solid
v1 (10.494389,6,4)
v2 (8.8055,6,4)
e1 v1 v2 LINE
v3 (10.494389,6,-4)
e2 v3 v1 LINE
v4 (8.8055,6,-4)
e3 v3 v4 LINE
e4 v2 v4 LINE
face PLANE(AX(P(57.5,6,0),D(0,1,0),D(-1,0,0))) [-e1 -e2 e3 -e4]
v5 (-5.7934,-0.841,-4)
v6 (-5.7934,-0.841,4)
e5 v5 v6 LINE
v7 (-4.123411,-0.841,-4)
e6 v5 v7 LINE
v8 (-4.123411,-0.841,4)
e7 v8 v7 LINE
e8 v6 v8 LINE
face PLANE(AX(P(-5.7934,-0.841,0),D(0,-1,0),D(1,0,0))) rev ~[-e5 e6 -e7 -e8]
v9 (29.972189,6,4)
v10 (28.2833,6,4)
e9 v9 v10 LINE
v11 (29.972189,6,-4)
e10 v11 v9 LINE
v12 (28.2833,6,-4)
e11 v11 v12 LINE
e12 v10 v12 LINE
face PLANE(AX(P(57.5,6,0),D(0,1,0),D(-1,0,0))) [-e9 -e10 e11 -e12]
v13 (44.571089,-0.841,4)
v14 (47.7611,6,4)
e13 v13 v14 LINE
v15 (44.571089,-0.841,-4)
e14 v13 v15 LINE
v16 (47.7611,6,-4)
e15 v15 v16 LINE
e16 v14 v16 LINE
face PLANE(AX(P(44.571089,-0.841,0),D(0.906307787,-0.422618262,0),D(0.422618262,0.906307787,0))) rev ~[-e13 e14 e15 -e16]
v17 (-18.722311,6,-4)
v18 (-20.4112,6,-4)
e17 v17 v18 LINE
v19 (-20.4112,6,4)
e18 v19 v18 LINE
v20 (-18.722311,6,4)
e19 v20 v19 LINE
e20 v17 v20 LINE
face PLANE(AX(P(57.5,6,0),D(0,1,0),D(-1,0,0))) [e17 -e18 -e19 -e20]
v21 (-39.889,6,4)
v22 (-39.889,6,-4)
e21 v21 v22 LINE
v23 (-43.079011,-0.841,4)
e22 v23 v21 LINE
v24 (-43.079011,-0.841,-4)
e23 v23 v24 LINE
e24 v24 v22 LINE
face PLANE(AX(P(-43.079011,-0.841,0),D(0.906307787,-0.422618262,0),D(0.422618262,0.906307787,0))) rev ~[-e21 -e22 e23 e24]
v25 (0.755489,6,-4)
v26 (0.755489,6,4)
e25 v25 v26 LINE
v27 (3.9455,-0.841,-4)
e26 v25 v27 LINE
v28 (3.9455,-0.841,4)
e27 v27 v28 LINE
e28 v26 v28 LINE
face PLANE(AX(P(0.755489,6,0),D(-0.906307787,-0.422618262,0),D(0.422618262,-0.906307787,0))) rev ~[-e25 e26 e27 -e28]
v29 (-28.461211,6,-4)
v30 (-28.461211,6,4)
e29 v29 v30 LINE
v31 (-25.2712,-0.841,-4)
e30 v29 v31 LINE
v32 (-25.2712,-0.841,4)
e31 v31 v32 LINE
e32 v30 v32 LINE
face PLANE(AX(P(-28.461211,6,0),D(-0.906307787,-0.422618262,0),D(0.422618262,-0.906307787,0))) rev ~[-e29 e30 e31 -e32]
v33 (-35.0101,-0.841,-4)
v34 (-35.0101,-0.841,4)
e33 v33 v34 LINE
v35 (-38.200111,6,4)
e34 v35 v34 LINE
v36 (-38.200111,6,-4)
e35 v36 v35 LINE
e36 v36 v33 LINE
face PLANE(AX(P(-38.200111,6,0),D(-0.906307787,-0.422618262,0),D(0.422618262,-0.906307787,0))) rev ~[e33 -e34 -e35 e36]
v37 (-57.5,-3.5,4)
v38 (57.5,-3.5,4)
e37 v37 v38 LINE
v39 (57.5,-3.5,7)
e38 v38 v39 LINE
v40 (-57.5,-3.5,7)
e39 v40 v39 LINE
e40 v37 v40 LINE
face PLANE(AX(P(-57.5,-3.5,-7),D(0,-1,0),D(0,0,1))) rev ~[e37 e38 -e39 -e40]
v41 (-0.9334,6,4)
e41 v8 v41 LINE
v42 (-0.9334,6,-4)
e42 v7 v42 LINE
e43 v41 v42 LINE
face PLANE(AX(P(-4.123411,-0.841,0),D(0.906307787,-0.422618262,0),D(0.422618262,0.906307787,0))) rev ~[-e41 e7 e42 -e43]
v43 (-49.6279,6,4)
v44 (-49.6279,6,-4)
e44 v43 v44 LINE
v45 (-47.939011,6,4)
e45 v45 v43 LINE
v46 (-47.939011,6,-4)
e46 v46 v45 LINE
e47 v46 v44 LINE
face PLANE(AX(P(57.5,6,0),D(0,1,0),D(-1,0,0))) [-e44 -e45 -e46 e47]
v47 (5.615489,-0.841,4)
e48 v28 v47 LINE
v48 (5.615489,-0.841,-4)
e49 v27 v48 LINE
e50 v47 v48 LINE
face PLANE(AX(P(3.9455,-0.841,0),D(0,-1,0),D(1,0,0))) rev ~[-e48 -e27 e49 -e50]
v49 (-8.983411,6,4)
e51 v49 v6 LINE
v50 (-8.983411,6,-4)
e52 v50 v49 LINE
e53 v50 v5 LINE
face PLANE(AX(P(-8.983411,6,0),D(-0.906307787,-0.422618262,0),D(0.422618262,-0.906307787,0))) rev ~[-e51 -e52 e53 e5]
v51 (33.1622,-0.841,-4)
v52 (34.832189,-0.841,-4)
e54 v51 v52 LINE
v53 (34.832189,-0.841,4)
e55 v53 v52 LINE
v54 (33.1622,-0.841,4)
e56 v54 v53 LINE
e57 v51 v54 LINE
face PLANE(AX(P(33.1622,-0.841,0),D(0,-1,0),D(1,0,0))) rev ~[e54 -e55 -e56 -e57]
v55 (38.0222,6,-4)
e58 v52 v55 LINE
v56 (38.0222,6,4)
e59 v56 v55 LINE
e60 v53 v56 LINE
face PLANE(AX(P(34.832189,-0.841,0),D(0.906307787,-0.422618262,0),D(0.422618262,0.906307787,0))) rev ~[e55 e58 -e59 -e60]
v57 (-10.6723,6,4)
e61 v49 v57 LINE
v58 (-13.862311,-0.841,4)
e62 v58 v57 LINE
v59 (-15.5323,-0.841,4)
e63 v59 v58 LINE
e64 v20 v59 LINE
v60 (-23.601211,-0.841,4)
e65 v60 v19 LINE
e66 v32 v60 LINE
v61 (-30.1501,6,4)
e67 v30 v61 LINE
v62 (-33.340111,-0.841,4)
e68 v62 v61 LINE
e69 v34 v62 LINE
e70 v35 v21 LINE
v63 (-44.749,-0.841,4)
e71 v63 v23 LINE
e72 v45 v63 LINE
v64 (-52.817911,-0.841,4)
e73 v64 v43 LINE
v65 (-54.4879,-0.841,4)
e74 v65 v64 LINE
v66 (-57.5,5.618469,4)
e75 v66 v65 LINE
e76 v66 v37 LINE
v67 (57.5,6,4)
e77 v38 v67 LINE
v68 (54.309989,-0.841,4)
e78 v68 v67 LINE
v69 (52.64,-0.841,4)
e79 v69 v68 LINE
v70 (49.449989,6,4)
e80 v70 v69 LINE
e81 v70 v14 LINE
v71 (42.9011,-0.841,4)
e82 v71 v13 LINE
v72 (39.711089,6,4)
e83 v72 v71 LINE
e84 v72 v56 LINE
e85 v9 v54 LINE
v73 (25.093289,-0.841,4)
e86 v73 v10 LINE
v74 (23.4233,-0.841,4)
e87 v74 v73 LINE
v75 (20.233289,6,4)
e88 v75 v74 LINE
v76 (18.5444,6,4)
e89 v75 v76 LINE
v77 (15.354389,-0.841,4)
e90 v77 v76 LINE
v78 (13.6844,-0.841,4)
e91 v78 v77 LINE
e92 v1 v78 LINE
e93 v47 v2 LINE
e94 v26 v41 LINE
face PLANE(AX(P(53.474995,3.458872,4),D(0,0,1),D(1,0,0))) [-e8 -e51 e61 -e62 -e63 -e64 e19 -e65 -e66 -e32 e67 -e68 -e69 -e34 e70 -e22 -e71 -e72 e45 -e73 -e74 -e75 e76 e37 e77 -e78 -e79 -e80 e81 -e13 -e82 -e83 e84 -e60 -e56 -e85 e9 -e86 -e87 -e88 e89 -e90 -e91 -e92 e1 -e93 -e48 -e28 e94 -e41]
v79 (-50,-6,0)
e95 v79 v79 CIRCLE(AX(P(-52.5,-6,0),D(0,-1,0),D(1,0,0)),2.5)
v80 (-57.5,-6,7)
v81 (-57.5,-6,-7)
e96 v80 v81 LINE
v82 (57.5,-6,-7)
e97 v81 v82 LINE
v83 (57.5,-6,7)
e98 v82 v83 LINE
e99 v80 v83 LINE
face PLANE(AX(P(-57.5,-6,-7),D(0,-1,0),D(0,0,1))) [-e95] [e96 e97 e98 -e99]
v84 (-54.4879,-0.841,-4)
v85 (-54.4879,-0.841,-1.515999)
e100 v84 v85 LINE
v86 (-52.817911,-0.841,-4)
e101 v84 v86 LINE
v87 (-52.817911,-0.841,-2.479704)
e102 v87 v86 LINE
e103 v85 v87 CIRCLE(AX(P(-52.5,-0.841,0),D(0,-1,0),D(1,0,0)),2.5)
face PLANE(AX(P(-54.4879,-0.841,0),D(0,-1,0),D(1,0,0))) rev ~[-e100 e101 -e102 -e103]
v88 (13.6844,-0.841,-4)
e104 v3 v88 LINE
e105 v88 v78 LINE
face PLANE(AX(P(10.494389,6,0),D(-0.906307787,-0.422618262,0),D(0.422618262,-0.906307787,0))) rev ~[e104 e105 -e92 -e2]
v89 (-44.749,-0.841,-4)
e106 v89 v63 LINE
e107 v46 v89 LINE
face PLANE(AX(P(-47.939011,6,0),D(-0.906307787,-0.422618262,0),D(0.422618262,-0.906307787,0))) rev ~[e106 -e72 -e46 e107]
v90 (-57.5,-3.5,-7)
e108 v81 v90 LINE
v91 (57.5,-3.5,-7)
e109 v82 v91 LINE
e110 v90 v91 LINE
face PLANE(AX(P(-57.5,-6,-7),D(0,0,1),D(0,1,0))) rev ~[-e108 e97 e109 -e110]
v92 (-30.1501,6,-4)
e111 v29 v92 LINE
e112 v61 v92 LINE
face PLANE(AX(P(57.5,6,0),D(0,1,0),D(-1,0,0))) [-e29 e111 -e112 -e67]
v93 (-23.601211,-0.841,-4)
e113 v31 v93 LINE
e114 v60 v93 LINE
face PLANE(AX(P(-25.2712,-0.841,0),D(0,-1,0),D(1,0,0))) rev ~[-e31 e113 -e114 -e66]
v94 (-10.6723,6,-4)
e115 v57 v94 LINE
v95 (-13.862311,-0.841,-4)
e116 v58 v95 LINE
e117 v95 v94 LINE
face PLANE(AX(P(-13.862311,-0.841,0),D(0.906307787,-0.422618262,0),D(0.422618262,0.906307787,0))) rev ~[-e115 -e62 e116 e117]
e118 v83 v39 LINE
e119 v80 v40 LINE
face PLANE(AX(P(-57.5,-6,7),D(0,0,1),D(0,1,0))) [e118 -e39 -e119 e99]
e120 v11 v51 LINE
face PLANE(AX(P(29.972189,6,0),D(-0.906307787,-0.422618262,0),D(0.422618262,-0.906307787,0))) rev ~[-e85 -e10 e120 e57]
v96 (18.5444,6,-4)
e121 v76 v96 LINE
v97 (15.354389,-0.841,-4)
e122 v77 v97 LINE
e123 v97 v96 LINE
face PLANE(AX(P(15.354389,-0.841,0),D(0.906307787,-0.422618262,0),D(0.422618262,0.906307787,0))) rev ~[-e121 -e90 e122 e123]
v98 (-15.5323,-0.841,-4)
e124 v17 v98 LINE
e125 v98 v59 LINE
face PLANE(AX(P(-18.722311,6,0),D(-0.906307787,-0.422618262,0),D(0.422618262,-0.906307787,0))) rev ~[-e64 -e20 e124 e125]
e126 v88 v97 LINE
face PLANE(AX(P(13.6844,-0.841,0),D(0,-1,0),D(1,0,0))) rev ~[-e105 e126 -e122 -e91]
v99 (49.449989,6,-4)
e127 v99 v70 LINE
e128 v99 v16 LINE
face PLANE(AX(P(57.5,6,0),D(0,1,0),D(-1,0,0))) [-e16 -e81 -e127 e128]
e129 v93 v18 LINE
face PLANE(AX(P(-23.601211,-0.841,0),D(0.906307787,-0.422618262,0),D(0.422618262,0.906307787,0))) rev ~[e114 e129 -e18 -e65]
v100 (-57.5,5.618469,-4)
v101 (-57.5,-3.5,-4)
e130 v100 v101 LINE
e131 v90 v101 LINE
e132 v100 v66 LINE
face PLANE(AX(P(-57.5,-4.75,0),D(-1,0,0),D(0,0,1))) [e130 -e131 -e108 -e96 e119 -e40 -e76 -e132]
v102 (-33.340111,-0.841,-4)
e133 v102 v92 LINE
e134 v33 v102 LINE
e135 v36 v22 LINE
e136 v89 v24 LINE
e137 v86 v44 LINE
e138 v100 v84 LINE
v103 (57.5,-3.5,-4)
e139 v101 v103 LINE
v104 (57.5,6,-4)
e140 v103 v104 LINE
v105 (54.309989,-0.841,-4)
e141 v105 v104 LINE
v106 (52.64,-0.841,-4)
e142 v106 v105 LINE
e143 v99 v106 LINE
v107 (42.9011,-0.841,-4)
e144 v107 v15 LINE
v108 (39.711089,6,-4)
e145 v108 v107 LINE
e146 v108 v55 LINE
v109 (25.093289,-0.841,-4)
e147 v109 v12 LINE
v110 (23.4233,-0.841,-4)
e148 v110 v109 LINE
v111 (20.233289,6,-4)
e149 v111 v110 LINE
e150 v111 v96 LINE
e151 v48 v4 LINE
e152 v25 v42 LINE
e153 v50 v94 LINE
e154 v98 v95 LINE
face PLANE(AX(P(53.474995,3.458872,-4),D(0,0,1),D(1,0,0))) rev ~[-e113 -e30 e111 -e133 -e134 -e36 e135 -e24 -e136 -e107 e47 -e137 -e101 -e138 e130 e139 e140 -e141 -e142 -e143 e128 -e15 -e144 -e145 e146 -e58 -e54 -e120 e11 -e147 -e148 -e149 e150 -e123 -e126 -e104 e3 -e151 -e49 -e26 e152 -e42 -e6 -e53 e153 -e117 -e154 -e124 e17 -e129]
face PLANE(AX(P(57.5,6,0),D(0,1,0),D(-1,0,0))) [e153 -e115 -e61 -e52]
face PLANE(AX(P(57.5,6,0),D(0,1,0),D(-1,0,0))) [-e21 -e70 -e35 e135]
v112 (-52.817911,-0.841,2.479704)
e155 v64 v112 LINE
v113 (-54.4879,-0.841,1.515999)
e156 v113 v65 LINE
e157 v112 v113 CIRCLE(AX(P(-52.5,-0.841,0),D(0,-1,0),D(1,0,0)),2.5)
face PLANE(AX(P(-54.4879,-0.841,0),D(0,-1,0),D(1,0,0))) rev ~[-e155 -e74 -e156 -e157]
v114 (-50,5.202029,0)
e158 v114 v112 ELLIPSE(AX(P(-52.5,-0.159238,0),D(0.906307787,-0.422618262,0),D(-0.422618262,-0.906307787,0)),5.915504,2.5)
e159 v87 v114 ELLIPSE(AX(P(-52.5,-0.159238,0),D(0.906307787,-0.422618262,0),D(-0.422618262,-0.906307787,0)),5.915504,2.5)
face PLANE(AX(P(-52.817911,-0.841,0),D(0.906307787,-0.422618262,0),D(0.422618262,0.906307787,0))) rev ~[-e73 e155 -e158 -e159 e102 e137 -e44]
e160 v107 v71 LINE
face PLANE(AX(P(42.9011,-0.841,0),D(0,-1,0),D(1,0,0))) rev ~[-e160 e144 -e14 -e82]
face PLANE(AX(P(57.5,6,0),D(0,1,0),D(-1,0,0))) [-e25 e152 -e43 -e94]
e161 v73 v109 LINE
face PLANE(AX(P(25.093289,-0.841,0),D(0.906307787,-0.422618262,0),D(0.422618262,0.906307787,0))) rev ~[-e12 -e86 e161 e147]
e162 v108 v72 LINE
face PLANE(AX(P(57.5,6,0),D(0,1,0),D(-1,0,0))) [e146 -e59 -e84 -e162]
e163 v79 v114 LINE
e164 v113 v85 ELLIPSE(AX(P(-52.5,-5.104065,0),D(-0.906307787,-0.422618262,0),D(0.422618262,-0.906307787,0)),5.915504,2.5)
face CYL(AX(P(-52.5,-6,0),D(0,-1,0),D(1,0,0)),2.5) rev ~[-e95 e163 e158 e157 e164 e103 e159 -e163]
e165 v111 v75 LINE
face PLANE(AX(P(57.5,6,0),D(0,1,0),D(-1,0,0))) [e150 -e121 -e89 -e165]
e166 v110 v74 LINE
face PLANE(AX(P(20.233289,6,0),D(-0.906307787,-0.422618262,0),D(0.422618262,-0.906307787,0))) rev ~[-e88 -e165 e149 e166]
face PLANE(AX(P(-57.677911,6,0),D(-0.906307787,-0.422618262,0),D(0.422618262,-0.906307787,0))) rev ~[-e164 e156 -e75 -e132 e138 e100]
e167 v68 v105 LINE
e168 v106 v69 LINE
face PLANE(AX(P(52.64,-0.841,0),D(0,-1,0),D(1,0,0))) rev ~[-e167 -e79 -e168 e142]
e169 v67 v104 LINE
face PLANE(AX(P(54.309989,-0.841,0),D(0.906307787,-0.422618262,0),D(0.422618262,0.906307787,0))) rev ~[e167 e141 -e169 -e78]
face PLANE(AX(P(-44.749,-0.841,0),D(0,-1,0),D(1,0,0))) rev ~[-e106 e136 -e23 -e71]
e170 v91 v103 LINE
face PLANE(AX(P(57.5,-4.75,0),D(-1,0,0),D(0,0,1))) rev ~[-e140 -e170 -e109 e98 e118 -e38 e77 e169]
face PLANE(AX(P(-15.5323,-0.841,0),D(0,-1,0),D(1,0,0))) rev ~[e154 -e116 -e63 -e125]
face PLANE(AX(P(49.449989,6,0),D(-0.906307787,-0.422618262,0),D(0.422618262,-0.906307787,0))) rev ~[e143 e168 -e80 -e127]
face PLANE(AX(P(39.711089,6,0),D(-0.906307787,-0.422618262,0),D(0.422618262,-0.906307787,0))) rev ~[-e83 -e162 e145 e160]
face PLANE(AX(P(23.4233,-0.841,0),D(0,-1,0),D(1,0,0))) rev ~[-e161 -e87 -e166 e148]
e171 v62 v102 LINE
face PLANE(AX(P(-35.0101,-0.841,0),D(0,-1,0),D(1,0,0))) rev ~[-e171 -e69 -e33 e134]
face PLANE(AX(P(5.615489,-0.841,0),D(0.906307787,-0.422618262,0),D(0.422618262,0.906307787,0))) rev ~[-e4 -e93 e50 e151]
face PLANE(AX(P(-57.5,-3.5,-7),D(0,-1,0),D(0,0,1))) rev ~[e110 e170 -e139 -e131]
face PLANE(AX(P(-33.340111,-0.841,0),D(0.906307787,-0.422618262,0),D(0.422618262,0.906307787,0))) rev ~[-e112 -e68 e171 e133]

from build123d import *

# Parameters (mm, degrees)
BOSS_EXTRUDE4_DEPTH = 4
CUT_EXTRUDE7_DEPTH  = 5
LPATTERN2_COUNT     = 13
LPATTERN2_PITCH     = 9.7389
SKETCH10_W          = 14
SKETCH10_H          = 2.5
BOSS_EXTRUDE5_DEPTH = 115
SKETCH11_R          = 2.5
CUT_EXTRUDE8_DEPTH  = 13


with BuildPart() as part:
    # Sketch9 → Boss-Extrude4 (new body, symmetric)
    with BuildSketch(Plane.XY):
        Polygon((57.5, 6), (49.449989311, 6), (52.64, -0.841), (54.309989311, -0.841), align=None)
        Polygon((52.64, -0.841), (49.449989311, 6), (-57.5, 6), (-57.5, -6), (57.5, -6), (57.5, 6), (54.309989311, -0.841), align=None)
    extrude(amount=BOSS_EXTRUDE4_DEPTH, both=True)

    # Sketch9<4> → Cut-Extrude7 (cut, symmetric)
    with BuildSketch(Plane.XY):
        Polygon((57.5, 6), (49.449989311, 6), (52.64, -0.841), (54.309989311, -0.841), align=None)
    cut_extrude7 = extrude(amount=CUT_EXTRUDE7_DEPTH, both=True, mode=Mode.SUBTRACT)

    # LPattern2: Cut-Extrude7 ×13
    with Locations(*[(-i * LPATTERN2_PITCH, 0, 0) for i in range(1, LPATTERN2_COUNT)]):
        add(cut_extrude7, mode=Mode.SUBTRACT)

    # Sketch10 → Boss-Extrude5 (add)
    with BuildSketch(Plane.ZY.offset(57.5)):
        with Locations((0, -4.75)):
            Rectangle(SKETCH10_W, SKETCH10_H)
    extrude(amount=-BOSS_EXTRUDE5_DEPTH)

    # Sketch11 → Cut-Extrude8 (cut, through all)
    with BuildSketch(Plane.XZ.offset(6)):
        with Locations((-52.5, 0)):
            Circle(SKETCH11_R)
    extrude(amount=-CUT_EXTRUDE8_DEPTH, mode=Mode.SUBTRACT)


solid = part.part
